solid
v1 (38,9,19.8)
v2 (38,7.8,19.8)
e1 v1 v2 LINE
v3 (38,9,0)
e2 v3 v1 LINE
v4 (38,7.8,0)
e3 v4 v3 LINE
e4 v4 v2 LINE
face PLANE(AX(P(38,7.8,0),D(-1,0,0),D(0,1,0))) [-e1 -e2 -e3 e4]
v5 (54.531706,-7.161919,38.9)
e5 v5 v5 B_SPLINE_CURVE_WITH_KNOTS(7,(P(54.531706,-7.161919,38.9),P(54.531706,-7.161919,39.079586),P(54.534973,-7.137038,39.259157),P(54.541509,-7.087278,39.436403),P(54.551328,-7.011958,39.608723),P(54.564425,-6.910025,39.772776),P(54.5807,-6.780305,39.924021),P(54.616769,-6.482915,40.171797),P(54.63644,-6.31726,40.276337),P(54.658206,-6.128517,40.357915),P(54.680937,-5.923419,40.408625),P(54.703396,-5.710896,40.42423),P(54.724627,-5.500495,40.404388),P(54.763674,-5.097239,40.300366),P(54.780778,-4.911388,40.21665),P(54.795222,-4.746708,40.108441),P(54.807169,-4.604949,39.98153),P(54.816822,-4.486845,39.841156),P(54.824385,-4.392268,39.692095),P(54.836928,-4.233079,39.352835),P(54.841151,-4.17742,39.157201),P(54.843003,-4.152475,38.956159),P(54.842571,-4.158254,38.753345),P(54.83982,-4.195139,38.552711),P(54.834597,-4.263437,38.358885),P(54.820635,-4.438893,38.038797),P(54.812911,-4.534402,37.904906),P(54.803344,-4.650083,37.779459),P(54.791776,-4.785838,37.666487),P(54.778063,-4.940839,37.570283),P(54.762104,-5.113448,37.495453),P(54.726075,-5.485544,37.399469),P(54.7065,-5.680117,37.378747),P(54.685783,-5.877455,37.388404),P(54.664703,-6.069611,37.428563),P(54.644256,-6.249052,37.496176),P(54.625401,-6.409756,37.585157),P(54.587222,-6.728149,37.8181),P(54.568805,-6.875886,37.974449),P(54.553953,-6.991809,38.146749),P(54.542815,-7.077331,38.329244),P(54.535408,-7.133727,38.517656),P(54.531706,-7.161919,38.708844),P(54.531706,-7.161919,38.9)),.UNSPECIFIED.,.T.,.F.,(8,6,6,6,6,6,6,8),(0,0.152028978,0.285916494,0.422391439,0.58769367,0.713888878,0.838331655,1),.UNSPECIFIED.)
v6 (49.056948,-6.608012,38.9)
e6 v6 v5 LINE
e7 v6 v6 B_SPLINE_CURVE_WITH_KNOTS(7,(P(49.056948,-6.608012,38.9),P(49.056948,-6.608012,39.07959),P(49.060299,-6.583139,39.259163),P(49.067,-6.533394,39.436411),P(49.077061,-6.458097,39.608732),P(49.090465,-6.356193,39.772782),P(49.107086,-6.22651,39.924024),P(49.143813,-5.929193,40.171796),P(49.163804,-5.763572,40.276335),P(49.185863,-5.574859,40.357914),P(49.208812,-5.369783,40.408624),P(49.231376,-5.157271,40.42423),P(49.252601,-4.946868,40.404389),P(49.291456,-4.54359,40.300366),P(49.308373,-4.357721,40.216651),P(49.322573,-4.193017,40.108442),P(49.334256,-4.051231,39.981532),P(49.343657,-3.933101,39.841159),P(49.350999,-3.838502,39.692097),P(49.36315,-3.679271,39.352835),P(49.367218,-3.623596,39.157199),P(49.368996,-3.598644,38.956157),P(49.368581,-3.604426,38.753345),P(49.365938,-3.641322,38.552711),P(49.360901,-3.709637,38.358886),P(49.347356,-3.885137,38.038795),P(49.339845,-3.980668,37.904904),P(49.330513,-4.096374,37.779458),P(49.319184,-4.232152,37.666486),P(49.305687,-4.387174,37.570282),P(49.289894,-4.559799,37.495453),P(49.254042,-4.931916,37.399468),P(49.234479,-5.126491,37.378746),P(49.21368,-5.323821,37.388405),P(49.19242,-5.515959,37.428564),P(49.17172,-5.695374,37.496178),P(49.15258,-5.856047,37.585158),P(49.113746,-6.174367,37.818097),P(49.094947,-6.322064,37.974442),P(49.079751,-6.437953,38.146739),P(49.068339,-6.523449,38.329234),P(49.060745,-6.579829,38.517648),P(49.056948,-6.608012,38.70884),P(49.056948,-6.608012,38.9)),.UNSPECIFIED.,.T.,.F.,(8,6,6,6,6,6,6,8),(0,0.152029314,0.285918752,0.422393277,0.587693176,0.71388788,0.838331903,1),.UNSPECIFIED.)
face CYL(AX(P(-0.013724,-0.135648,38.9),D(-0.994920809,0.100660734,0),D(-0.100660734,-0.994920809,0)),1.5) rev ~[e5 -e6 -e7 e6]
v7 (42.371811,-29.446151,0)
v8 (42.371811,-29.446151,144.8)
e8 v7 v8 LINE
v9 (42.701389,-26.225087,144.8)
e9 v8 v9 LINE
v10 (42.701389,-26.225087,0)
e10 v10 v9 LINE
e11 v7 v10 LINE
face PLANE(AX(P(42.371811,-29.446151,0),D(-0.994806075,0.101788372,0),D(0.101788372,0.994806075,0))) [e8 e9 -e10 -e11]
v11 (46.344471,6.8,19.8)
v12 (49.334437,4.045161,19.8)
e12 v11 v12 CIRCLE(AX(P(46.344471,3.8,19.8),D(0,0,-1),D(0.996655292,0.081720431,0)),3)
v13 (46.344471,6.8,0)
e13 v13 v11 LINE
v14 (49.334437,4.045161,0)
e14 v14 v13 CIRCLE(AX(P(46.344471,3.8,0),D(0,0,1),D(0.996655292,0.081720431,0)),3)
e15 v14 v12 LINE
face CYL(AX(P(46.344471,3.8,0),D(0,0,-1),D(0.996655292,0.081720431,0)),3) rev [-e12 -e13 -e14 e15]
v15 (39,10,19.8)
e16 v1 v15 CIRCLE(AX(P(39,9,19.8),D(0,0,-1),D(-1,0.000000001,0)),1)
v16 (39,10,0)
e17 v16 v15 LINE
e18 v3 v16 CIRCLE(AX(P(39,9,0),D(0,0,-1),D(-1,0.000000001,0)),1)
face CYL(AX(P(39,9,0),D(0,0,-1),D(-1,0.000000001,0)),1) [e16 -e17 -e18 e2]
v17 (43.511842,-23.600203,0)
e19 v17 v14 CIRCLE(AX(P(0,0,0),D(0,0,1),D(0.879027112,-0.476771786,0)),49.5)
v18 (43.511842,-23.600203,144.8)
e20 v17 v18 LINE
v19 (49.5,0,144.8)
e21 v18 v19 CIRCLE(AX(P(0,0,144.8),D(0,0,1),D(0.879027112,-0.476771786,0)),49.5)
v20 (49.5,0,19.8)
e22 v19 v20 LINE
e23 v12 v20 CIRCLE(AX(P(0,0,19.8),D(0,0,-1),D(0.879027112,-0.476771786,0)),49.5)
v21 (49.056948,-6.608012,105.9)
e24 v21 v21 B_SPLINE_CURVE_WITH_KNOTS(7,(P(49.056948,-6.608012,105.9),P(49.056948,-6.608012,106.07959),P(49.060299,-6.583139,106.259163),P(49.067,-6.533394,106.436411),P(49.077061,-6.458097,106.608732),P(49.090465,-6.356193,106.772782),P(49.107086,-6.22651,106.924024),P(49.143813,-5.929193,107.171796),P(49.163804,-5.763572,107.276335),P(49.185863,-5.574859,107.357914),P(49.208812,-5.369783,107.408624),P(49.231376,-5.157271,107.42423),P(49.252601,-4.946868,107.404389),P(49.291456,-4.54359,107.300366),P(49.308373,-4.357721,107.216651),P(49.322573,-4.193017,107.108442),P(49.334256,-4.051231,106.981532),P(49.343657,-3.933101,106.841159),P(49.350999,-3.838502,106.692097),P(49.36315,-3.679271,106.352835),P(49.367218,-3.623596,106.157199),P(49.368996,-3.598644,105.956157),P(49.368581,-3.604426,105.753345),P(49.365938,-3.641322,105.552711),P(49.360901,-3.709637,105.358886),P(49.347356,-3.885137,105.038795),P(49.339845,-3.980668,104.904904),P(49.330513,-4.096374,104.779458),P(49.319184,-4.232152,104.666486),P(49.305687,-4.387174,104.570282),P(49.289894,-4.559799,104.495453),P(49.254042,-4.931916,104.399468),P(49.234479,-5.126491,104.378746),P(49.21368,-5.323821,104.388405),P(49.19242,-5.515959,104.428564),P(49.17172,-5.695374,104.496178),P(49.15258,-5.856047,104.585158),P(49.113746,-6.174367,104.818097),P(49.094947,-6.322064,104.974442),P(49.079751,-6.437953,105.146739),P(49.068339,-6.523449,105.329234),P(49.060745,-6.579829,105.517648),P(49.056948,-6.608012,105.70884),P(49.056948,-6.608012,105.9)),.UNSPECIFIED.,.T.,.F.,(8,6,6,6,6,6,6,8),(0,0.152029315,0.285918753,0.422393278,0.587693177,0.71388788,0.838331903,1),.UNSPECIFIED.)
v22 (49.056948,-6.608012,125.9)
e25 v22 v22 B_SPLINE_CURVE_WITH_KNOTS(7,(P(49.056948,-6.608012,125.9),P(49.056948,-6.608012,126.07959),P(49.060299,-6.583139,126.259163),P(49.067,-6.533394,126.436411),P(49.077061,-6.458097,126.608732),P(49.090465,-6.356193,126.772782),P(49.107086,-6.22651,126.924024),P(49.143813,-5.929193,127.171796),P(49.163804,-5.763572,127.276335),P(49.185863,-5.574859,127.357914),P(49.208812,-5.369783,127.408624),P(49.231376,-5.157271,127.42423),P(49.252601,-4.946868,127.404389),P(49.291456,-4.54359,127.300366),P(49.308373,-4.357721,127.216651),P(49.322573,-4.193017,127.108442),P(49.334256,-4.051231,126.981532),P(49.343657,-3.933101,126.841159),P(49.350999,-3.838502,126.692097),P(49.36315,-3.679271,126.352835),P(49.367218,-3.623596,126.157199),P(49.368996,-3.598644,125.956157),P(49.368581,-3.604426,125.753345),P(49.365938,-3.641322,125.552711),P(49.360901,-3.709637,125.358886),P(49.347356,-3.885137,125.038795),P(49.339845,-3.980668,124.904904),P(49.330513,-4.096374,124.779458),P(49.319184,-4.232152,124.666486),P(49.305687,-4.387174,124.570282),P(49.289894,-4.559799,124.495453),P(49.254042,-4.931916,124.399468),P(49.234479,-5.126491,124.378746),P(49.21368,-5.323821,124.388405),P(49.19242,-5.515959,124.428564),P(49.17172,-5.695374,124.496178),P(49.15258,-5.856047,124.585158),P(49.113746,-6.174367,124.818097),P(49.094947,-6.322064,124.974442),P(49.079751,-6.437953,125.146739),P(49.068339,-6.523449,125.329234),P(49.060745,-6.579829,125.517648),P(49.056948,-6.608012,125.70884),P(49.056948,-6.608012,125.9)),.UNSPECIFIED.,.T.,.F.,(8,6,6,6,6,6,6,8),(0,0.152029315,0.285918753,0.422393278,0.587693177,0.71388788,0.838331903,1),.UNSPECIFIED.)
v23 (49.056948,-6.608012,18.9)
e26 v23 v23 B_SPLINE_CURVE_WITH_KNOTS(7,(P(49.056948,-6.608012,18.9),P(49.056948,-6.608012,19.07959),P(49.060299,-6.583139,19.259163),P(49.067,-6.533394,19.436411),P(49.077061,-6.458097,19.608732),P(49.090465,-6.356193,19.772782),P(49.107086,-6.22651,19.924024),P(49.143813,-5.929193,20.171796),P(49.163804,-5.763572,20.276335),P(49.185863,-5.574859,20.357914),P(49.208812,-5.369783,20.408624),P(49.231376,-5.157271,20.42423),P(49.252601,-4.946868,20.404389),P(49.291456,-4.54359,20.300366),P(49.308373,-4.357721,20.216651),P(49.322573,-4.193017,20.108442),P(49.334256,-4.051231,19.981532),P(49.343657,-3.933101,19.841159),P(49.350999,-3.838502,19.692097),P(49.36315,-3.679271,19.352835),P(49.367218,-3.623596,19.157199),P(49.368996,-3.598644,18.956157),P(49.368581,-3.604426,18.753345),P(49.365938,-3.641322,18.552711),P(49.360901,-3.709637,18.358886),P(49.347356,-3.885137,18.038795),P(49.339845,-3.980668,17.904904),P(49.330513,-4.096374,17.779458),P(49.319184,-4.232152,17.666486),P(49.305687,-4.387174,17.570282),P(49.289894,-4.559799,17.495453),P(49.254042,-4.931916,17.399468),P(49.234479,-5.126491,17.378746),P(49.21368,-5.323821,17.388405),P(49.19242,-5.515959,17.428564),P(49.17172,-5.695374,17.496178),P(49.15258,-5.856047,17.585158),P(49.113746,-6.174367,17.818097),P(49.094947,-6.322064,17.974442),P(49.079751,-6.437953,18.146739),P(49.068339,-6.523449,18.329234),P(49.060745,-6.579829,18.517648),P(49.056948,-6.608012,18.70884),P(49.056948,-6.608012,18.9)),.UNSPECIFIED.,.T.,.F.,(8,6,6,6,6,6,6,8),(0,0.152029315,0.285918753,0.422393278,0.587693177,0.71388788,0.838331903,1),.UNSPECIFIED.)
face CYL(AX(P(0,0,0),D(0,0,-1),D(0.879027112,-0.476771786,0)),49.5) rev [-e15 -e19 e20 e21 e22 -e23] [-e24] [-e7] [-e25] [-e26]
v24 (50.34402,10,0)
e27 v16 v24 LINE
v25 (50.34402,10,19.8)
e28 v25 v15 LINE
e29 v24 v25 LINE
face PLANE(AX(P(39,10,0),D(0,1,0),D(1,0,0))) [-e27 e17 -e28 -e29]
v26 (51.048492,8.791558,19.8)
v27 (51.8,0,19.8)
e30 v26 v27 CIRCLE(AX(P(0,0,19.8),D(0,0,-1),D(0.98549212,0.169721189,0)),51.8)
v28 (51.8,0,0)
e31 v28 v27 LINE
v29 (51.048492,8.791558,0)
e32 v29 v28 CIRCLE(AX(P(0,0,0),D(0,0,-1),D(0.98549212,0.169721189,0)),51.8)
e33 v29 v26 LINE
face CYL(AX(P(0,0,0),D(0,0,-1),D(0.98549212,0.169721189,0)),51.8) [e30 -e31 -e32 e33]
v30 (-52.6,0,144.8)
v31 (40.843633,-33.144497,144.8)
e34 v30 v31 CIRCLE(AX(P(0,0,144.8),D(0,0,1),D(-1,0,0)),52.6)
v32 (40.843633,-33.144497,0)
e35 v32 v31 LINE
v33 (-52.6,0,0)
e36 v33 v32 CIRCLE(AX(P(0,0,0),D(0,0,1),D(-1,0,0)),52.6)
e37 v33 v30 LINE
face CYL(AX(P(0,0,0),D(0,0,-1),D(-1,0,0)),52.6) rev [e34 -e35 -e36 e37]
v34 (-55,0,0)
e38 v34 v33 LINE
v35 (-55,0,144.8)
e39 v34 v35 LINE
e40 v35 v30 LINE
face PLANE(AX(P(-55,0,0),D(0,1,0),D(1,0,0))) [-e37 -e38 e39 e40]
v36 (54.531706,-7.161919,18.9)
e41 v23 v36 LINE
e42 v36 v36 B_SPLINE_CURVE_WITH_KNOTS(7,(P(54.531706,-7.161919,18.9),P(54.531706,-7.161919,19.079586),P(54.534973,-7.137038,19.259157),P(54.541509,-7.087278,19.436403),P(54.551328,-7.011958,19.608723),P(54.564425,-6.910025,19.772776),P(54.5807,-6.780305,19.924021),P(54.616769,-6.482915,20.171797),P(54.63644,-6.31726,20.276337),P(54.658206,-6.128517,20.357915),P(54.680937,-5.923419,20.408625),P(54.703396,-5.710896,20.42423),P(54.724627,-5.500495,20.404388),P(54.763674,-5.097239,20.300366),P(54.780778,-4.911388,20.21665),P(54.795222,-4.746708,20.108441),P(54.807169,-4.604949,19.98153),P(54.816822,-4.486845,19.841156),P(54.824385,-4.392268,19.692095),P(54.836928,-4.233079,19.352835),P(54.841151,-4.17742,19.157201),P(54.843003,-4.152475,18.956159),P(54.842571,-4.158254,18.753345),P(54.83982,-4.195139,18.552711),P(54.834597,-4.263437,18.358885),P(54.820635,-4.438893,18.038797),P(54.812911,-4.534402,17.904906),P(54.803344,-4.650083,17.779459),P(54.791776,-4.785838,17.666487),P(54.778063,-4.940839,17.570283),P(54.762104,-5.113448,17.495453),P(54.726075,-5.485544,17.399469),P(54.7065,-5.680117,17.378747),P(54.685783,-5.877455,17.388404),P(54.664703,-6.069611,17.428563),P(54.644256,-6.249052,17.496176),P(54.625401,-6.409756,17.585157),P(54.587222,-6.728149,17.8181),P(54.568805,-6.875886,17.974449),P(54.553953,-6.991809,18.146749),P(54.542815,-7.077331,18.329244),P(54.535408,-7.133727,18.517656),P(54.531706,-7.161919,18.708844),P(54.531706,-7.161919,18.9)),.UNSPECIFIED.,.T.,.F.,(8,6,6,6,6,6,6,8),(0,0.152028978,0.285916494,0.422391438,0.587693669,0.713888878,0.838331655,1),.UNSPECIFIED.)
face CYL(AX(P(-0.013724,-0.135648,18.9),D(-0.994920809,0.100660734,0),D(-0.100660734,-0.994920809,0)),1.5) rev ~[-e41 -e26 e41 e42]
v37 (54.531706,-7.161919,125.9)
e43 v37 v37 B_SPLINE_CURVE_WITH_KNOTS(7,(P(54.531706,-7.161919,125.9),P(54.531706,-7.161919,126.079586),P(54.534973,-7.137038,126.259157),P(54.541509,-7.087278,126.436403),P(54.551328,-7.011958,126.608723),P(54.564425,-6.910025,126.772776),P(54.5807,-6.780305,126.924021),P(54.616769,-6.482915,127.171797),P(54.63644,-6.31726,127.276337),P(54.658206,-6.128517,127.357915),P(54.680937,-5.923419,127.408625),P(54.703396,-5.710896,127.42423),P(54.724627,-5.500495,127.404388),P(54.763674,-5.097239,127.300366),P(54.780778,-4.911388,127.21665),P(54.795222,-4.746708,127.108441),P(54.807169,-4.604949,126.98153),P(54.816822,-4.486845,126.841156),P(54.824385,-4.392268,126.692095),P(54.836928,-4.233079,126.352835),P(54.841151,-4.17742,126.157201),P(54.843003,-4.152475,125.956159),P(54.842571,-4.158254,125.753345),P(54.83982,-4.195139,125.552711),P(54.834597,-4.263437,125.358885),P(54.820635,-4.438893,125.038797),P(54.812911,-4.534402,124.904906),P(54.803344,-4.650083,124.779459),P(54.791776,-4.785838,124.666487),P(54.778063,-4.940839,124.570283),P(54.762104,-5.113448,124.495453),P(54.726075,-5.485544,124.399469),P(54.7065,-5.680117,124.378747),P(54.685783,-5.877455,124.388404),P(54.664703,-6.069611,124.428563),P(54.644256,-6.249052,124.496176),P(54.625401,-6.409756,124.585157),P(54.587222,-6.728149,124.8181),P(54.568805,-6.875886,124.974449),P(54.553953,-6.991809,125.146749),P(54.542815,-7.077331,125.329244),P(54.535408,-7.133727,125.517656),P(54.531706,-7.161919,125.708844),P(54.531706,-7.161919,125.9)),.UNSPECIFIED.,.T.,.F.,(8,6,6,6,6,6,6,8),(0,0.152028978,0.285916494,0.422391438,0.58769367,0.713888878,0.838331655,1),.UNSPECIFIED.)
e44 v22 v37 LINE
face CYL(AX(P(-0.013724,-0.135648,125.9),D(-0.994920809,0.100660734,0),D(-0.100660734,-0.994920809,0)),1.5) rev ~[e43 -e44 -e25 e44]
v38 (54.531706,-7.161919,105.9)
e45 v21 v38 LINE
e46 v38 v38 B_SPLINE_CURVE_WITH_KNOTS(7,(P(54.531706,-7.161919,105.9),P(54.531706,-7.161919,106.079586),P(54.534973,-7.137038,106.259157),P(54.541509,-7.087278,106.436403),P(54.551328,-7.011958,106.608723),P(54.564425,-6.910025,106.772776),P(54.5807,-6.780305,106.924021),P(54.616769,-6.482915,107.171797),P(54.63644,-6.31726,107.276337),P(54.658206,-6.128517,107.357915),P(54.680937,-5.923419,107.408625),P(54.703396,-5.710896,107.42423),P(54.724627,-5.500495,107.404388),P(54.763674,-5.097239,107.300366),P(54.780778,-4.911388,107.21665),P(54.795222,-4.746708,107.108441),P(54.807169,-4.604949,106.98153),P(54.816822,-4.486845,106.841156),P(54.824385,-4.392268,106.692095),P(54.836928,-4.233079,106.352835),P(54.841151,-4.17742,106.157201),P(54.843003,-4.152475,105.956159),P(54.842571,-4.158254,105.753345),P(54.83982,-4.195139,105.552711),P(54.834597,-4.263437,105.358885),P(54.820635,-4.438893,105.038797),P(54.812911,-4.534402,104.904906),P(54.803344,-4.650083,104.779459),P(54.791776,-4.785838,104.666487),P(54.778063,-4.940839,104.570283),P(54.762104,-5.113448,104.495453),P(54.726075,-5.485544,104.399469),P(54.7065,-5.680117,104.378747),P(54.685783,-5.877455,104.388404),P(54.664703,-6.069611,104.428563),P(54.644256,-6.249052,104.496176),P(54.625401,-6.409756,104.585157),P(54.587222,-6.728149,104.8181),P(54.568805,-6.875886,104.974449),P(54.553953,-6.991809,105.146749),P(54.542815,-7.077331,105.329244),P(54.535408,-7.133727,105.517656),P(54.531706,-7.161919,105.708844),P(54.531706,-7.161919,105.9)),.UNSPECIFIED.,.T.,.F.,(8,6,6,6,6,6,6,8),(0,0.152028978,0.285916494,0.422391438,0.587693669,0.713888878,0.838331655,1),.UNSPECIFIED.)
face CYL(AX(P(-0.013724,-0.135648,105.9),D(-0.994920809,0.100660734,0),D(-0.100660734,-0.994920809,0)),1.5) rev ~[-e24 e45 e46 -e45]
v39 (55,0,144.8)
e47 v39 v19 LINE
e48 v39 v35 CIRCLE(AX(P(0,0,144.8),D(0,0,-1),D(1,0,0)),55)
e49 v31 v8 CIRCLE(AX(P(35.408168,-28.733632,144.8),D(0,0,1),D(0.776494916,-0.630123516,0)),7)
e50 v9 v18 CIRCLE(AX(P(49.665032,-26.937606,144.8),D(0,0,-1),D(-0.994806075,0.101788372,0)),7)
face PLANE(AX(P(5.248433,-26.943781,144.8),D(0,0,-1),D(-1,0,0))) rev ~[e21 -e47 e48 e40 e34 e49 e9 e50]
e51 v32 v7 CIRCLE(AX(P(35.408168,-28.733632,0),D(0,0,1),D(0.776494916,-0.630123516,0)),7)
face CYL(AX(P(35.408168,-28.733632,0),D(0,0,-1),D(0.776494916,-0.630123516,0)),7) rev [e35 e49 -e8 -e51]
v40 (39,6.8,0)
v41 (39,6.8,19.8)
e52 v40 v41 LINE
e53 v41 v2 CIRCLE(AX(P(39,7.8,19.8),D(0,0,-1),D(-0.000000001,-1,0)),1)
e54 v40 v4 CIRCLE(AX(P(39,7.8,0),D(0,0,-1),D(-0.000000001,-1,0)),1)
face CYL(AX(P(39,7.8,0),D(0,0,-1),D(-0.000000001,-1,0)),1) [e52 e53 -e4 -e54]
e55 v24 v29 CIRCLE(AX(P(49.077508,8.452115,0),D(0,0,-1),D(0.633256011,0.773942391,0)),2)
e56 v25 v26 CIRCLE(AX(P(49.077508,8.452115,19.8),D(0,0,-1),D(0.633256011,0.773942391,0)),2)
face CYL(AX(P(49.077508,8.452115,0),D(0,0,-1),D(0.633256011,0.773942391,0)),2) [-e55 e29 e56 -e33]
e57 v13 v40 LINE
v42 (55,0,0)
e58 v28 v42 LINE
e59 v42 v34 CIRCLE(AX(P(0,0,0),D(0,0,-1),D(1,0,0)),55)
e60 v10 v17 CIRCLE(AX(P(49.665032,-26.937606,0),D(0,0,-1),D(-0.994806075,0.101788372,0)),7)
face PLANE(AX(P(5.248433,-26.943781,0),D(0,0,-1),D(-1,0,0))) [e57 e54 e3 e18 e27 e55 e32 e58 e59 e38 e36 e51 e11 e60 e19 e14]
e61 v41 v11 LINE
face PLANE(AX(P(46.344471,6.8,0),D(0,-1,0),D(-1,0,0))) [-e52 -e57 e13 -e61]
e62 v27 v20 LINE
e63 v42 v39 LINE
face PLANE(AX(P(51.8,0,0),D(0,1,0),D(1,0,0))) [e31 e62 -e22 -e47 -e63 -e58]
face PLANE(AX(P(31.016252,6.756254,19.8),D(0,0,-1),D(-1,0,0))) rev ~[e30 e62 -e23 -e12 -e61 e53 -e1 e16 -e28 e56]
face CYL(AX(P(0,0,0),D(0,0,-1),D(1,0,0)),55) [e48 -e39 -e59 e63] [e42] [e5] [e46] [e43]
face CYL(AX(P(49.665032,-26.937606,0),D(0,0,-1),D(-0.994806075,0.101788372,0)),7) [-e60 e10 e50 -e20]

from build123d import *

# Parameters (mm, degrees)
EXTRUDE_1_DEPTH     = 144.8
SKETCH_7_R          = 1.5
CUT_EXTRUDE_6_DEPTH = 80
CUT_EXTRUDE_START   = -125
CUT_EXTRUDE_8_DEPTH = 125


with BuildPart() as part:
    # 草图1 → 凸台-拉伸1 (new body)
    with BuildSketch(Plane.XY):
        with BuildLine():
            Line((-55, 0), (-52.6, 0))
            ThreePointArc((-52.6, 0), (-17.5838694, -49.573859411), (40.843632582, -33.144496941))
            ThreePointArc((40.843632582, -33.144496941), (41.8776275, -31.406850611), (42.371810697, -29.446150933))
            Line((42.371810697, -29.446150933), (42.701389329, -26.225087281))
            ThreePointArc((42.701389329, -26.225087281), (42.976584625, -24.872497257), (43.511842068, -23.600203386))
            ThreePointArc((43.511842068, -23.600203386), (48.437324754, -10.201743511), (49.33443696, 4.04516129))
            ThreePointArc((49.33443696, 4.04516129), (48.377266711, 6.006295976), (46.344471083, 6.8))
            Line((46.344471083, 6.8), (39, 6.8))
            ThreePointArc((39, 6.8), (38.292893219, 7.092893219), (38, 7.8))
            Line((38, 7.8), (38, 9))
            ThreePointArc((38, 9), (38.292893219, 9.707106781), (39, 10))
            Line((39, 10), (50.344019583, 10))
            ThreePointArc((50.344019583, 10), (50.805346897, 9.459374484), (51.0484918, 8.791557597))
            ThreePointArc((51.0484918, 8.791557597), (51.611780996, 4.411809423), (51.8, 0))
            Line((51.8, 0), (55, 0))
            ThreePointArc((55, 0), (0, -55), (-55, 0))
        make_face()
    extrude(amount=EXTRUDE_1_DEPTH)

    # 草图7 → 切除-拉伸6 (cut)
    with BuildSketch(Plane(origin=(0, 0, 0), x_dir=(0.10066073352284005, 0.994920809274107, 0), z_dir=(-0.9949208092741069, 0.10066073352284004, 0))):
        with Locations(Location((-0.136340344, -18.9, 0), (0, 0, 180))):
            Circle(SKETCH_7_R)
        with Locations(Location((-0.136340344, -38.9, 0), (0, 0, 180))):
            Circle(SKETCH_7_R)
        with Locations(Location((-0.136340344, -105.9, 0), (0, 0, 180))):
            Circle(SKETCH_7_R)
        with Locations(Location((-0.136340344, -125.9, 0), (0, 0, 180))):
            Circle(SKETCH_7_R)
    extrude(amount=-CUT_EXTRUDE_6_DEPTH, mode=Mode.SUBTRACT)

    # 草图4 → 切除-拉伸8 (cut)
    with BuildSketch(Plane.XY.offset(144.8).offset(CUT_EXTRUDE_START)):
        with BuildLine():
            Line((55, 0), (0, 0))
            Line((0, 0), (50.016978469, 22.875792113))
            ThreePointArc((50.016978469, 22.875792113), (53.739807479, 11.70611345), (55, 0))
        make_face()
    extrude(amount=CUT_EXTRUDE_8_DEPTH, mode=Mode.SUBTRACT)


solid = part.part
